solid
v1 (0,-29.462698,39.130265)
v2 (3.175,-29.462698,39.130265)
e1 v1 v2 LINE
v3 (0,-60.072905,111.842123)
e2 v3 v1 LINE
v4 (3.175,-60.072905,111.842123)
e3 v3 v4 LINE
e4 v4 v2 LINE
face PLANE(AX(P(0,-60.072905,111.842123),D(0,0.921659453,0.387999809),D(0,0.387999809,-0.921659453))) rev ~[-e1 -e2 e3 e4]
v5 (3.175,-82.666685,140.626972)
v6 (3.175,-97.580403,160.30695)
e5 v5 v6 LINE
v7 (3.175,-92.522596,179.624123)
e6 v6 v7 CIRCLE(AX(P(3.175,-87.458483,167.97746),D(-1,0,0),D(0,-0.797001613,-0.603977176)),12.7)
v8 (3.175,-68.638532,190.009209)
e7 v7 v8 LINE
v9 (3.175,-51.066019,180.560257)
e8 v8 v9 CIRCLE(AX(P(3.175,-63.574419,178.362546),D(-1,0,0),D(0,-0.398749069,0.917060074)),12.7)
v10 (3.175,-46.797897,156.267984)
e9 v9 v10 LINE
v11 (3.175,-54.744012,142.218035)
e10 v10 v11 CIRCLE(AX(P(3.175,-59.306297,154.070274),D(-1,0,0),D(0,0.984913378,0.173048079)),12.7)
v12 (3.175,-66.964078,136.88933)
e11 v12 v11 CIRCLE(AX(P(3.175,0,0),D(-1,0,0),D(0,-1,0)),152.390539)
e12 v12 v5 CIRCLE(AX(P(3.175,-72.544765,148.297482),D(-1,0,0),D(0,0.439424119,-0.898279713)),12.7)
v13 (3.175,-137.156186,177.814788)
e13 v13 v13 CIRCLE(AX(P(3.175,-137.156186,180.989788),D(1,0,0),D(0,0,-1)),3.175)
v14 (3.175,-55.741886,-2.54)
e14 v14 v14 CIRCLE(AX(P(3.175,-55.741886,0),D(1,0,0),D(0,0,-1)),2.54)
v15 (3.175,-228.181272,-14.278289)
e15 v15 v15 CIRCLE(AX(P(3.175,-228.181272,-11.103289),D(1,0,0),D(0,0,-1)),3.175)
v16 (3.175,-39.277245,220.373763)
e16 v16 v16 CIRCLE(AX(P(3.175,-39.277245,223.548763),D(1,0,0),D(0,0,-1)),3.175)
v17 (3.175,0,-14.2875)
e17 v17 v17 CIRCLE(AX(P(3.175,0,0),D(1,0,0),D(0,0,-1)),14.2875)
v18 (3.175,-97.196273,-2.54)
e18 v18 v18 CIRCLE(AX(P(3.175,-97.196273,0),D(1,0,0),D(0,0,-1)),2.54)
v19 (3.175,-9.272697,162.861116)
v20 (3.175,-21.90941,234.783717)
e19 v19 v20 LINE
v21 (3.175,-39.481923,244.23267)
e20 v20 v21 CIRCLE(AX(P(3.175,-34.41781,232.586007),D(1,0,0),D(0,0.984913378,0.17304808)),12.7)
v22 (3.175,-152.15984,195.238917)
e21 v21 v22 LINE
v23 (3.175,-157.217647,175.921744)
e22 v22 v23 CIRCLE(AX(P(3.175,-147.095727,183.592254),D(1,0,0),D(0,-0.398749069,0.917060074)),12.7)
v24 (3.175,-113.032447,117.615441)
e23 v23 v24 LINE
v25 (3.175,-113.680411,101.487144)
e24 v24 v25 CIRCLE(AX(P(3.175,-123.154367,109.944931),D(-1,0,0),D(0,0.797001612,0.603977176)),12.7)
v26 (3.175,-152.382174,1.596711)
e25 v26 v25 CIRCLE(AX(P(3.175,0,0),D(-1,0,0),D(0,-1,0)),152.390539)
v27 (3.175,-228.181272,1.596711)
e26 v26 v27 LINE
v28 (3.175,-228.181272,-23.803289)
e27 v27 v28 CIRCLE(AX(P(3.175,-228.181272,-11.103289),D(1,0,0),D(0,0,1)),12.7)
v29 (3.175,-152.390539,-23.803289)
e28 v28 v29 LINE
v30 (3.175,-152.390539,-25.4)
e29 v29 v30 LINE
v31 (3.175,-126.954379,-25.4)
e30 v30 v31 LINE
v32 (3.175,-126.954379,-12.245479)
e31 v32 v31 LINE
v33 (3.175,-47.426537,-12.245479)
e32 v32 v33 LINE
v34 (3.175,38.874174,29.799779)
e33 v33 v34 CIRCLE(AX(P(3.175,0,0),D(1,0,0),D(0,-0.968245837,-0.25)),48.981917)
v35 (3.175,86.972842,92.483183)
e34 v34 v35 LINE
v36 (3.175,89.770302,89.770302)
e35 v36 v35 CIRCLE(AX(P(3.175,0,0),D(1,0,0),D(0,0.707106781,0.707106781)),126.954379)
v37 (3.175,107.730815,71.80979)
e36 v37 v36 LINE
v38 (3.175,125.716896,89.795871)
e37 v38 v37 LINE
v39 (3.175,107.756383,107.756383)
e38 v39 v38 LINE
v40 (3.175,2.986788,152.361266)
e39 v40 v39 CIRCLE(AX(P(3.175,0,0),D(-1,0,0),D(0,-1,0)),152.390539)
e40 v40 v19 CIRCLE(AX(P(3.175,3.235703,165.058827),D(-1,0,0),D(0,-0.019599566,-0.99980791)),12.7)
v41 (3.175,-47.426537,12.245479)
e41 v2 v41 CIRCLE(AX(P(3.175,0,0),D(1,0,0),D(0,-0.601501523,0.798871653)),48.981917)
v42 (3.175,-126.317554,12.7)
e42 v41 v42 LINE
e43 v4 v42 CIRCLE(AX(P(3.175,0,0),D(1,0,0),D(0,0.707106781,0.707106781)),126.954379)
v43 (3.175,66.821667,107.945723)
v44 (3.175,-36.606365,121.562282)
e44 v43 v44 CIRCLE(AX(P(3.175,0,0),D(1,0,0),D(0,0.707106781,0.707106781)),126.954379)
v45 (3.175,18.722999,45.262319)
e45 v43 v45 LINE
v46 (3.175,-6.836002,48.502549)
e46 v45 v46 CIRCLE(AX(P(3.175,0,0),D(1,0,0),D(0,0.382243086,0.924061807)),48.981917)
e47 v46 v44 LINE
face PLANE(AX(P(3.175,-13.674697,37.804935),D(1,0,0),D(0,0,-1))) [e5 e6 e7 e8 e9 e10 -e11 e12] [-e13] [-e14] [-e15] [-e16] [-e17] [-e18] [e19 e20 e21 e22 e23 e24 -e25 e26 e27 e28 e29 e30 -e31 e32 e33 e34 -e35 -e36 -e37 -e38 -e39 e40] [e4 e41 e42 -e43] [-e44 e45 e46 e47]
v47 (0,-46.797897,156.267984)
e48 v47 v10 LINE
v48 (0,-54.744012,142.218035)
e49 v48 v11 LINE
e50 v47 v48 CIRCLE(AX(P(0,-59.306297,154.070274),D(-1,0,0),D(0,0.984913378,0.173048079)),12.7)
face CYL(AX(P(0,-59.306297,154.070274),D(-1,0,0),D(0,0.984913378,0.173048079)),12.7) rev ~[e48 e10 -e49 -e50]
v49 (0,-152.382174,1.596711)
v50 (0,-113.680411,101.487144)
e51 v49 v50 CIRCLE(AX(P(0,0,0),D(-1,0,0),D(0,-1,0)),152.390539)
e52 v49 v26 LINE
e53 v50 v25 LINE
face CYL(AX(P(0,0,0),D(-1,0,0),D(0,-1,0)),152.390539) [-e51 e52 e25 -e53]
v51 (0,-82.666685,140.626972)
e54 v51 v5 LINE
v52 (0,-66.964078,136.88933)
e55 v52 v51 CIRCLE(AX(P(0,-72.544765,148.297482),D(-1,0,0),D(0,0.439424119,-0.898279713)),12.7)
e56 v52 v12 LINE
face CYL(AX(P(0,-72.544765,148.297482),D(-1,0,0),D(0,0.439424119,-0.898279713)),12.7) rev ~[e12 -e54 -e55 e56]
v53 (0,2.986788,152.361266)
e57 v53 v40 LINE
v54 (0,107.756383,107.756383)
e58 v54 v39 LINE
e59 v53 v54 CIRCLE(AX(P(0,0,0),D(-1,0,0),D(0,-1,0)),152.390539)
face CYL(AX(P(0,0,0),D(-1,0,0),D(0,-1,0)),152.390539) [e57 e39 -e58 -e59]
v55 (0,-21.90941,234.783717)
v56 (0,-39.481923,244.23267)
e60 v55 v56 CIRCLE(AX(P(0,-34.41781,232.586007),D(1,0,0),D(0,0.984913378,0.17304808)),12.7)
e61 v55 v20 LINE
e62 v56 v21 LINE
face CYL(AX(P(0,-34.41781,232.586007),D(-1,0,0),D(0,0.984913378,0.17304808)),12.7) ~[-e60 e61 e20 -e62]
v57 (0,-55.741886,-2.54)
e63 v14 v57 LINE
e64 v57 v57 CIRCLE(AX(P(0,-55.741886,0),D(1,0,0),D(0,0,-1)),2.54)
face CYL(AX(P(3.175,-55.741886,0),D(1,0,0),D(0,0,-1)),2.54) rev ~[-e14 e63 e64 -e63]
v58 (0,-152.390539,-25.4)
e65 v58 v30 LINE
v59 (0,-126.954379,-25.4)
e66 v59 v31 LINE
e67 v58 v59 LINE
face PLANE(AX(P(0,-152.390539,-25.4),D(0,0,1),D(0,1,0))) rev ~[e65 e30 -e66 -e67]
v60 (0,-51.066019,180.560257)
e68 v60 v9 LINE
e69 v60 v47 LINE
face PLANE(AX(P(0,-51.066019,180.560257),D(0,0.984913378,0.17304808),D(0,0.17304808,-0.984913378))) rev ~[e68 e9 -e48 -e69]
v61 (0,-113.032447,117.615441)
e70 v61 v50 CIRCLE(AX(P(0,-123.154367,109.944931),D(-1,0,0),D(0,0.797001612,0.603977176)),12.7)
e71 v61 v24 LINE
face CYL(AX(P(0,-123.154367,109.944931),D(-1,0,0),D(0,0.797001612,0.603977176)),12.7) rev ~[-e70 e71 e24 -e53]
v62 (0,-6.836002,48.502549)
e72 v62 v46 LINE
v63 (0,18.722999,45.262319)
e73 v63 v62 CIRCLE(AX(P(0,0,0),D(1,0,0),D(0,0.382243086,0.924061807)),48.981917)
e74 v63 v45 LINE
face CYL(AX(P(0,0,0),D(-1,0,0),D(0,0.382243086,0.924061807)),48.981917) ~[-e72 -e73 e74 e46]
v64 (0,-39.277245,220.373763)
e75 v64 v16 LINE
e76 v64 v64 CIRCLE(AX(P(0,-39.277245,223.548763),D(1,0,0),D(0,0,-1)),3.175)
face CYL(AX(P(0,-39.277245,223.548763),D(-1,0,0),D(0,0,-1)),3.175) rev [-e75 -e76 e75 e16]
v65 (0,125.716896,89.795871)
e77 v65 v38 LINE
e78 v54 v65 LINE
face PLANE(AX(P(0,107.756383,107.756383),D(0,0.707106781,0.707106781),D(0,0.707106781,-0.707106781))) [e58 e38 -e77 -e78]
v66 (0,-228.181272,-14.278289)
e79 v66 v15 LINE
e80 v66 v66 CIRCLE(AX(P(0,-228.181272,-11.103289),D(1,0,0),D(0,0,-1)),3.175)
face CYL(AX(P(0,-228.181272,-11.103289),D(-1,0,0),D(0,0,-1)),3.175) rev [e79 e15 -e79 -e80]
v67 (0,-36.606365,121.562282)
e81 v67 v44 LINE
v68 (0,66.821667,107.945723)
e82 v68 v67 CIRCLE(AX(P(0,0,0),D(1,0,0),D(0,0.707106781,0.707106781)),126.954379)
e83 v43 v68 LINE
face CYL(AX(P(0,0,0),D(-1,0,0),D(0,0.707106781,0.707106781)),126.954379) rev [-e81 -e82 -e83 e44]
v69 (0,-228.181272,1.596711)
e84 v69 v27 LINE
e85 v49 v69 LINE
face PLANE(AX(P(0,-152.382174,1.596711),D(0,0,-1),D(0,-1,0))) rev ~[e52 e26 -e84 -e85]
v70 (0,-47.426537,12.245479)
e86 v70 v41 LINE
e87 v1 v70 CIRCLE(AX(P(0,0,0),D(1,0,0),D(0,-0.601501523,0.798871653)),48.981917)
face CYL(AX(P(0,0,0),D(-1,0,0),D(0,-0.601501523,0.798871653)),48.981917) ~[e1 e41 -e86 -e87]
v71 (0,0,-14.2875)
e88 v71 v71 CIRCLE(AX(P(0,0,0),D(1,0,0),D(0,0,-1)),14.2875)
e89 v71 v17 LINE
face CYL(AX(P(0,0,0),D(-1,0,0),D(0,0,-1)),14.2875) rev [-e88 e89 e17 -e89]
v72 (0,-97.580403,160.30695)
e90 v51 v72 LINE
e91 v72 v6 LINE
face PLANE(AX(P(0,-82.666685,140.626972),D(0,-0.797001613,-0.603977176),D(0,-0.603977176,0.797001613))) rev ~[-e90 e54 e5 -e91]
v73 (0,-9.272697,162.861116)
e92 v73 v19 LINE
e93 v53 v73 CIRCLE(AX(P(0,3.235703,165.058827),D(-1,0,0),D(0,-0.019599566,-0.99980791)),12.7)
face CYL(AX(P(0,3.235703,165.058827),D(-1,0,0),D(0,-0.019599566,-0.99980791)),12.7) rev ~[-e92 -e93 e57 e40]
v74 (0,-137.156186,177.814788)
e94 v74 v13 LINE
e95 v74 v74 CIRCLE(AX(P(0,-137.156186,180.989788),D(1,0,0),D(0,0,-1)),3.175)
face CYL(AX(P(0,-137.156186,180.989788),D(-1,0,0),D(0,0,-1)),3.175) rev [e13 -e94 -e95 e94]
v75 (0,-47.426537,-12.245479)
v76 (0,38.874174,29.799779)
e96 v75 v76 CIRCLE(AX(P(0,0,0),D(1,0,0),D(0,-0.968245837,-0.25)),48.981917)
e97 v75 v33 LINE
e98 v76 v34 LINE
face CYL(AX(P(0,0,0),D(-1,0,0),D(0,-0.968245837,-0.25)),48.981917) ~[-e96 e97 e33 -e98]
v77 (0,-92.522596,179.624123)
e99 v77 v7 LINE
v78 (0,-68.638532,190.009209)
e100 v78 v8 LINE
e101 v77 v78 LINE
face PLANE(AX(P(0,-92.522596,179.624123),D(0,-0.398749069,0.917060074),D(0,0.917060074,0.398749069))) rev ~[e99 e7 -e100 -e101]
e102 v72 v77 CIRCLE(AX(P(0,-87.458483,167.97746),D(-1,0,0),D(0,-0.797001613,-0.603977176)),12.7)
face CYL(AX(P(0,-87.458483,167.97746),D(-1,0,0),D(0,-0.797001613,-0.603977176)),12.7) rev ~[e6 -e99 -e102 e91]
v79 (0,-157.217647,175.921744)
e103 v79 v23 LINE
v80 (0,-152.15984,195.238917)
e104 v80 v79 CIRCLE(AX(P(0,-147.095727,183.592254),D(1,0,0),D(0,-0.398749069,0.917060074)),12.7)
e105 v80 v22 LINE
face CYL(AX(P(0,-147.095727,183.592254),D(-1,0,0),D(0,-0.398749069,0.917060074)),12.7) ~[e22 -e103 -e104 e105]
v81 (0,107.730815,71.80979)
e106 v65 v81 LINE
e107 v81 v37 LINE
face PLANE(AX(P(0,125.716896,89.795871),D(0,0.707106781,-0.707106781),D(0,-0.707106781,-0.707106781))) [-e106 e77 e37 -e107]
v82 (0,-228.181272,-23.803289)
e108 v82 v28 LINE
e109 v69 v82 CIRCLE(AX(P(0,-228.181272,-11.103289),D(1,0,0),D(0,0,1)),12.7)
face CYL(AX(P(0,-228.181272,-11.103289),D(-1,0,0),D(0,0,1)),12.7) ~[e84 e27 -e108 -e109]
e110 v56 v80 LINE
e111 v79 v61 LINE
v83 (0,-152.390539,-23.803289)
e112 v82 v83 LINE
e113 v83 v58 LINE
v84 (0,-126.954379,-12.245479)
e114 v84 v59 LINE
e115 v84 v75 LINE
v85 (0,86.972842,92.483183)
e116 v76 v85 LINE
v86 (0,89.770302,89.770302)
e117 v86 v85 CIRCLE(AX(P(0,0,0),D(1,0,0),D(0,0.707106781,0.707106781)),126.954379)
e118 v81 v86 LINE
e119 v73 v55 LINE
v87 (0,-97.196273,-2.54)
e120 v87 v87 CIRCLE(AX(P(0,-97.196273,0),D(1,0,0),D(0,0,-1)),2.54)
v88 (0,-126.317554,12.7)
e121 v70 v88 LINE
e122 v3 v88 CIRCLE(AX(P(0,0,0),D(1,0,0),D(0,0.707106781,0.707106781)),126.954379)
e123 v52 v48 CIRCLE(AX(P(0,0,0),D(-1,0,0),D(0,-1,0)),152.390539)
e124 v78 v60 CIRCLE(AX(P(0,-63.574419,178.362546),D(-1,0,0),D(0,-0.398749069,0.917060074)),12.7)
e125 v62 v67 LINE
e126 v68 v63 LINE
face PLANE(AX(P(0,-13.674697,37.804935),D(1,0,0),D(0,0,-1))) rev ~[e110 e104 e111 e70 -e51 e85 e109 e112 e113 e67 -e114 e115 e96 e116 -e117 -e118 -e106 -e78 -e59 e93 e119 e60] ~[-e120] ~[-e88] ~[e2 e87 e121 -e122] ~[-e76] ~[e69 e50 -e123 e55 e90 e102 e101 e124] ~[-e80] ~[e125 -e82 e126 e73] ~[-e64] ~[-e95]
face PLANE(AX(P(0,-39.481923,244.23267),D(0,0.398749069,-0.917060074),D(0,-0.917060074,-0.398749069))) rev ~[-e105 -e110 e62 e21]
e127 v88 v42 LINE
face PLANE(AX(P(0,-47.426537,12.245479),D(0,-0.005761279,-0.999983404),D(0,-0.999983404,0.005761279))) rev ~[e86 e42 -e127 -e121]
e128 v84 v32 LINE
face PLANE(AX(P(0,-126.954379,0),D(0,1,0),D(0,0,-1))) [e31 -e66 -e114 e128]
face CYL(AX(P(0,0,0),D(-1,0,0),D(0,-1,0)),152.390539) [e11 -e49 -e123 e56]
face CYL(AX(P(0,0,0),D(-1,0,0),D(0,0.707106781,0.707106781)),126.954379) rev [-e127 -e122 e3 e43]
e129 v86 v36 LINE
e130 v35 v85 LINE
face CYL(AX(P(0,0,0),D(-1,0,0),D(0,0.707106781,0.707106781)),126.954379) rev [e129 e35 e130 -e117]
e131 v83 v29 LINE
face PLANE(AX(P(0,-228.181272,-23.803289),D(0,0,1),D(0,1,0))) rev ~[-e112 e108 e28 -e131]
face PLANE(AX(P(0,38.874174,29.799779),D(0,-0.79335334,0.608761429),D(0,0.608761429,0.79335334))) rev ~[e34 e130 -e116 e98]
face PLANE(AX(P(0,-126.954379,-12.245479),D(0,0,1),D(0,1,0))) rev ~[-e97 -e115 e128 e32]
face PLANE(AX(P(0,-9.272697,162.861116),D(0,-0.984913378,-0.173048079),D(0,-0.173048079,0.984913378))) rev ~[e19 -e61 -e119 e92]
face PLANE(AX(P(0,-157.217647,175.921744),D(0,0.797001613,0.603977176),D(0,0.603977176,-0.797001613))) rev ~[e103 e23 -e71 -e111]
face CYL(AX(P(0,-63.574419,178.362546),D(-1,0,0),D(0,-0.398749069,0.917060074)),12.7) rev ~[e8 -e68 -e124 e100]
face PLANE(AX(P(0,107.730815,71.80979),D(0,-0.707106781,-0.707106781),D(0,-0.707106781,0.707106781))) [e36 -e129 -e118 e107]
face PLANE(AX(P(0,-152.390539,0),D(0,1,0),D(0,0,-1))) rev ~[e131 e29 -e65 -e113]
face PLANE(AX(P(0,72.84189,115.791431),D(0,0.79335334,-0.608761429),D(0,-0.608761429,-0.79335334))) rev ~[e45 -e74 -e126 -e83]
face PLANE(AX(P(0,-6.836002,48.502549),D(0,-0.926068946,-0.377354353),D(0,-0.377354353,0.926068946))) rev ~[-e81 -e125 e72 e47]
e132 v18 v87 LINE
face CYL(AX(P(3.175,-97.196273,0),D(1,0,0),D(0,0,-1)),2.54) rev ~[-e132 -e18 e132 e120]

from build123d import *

# Parameters (mm, degrees)
BOSS_EXTRUDE2_DEPTH = 3.175
SKETCH11_W          = 25.4
SKETCH11_H          = 25.436159883
BOSS_EXTRUDE4_DEPTH = 3.175
SKETCH12_R          = 3.175
BOSS_EXTRUDE5_DEPTH = 3.175
SKETCH13_R          = 3.175
BOSS_EXTRUDE6_DEPTH = 3.175
SKETCH14_R          = 14.2875
BOSS_EXTRUDE7_DEPTH = 3.175
SKETCH15_R          = 3.175
SKETCH15_R_2        = 2.54
CUT_EXTRUDE1_DEPTH  = 4.175


with BuildPart() as part:
    # Sketch9 → Boss-Extrude2 (new body)
    with BuildSketch(Plane(origin=(0, 0, 0), x_dir=(0, 0, -1), z_dir=(1, 0, 0))):
        with BuildLine():
            Line((0, -126.954378983), (0, -152.390538866))
            ThreePointArc((0, -152.390538866), (-140.790499807, -58.317334473), (-107.756383421, 107.756383421))
            Line((-107.756383421, 107.756383421), (-89.795871179, 125.716895663))
            Line((-89.795871179, 125.716895663), (-71.809790038, 107.730814523))
            Line((-71.809790038, 107.730814523), (-89.770302281, 89.770302281))
            ThreePointArc((-89.770302281, 89.770302281), (-117.290552306, -48.583337503), (0, -126.954378983))
        make_face()
    extrude(amount=BOSS_EXTRUDE2_DEPTH)

    # Sketch11 → Boss-Extrude4 (add)
    with BuildSketch(Plane(origin=(0, 0, 0), x_dir=(0, 0, -1), z_dir=(1, 0, 0))):
        with Locations((12.7, -139.672458925)):
            Rectangle(SKETCH11_W, SKETCH11_H)
    extrude(amount=BOSS_EXTRUDE4_DEPTH)

    # Sketch12 → Boss-Extrude5 (add)
    with BuildSketch(Plane(origin=(0, 0, 0), x_dir=(0, 0, -1), z_dir=(1, 0, 0))):
        with BuildLine():
            ThreePointArc((-1.596710848, -228.181271676), (11.103289152, -240.881271676), (23.803289152, -228.181271676))
            Line((23.803289152, -228.181271676), (23.803289152, -152.390538866))
            Line((23.803289152, -152.390538866), (0, -152.390538866))
            ThreePointArc((0, -152.390538866), (-0.79836638, -152.388447551), (-1.596710848, -152.382173664))
            Line((-1.596710848, -152.382173664), (-1.596710848, -228.181271676))
        make_face()
        with Locations((11.103289152, -228.181271676)):
            Circle(SKETCH12_R, mode=Mode.SUBTRACT)
    extrude(amount=BOSS_EXTRUDE5_DEPTH)

    # Sketch13 → Boss-Extrude6 (add)
    with BuildSketch(Plane(origin=(0, 0, 0), x_dir=(0, 0, -1), z_dir=(1, 0, 0))):
        with BuildLine():
            Line((-175.921744047, -157.217647079), (-117.615441364, -113.032446562))
            ThreePointArc((-117.615441364, -113.032446562), (-109.43511183, -110.464604073), (-101.487144145, -113.680411283))
            ThreePointArc((-101.487144145, -113.680411283), (-121.45550521, -92.040407377), (-136.889329567, -66.964078331))
            ThreePointArc((-136.889329567, -66.964078331), (-135.942652679, -75.485545881), (-140.626971786, -82.666685125))
            Line((-140.626971786, -82.666685125), (-160.306949591, -97.58040329))
            ThreePointArc((-160.306949591, -97.58040329), (-171.19425961, -99.744336405), (-179.624122676, -92.522595986))
            Line((-179.624122676, -92.522595986), (-190.009209059, -68.638532465))
            ThreePointArc((-190.009209059, -68.638532465), (-189.548026602, -57.559851452), (-180.560256724, -51.066019389))
            Line((-180.560256724, -51.066019389), (-156.267984197, -46.797896728))
            ThreePointArc((-156.267984197, -46.797896728), (-147.818260582, -48.251780205), (-142.218034883, -54.744012368))
            ThreePointArc((-142.218034883, -54.744012368), (-150.091480412, -26.370890083), (-152.361266177, 2.986788389))
            ThreePointArc((-152.361266177, 2.986788389), (-155.413049284, -5.02559117), (-162.861116025, -9.272697026))
            Line((-162.861116025, -9.272697026), (-234.783717211, -21.90941035))
            ThreePointArc((-234.783717211, -21.90941035), (-243.771487088, -28.403242413), (-244.232669546, -39.481923426))
            Line((-244.232669546, -39.481923426), (-195.238917132, -152.159839775))
            ThreePointArc((-195.238917132, -152.159839775), (-186.809054067, -159.381580194), (-175.921744047, -157.217647079))
        make_face()
        with Locations((-180.989788445, -137.156185968)):
            Circle(SKETCH13_R, mode=Mode.SUBTRACT)
        with Locations((-223.548763187, -39.27724509)):
            Circle(SKETCH13_R, mode=Mode.SUBTRACT)
    extrude(amount=BOSS_EXTRUDE6_DEPTH)

    # Sketch14 → Boss-Extrude7 (add)
    with BuildSketch(Plane(origin=(0, 0, 0), x_dir=(0, 0, -1), z_dir=(1, 0, 0))):
        with BuildLine():
            Line((-29.799778624, 38.874174032), (-100.328890576, 92.993065071))
            Line((-100.328890576, 92.993065071), (-115.791430873, 72.841890227))
            Line((-115.791430873, 72.841890227), (-45.262318921, 18.722999189))
            ThreePointArc((-45.262318921, 18.722999189), (-48.592985775, 6.160352763), (-48.502549248, -6.836002425))
            Line((-48.502549248, -6.836002425), (-121.562281943, -36.60636491))
            ThreePointArc((-121.562281943, -36.60636491), (-117.290552306, -48.583337503), (-111.842122761, -60.072905036))
            Line((-111.842122761, -60.072905036), (-39.130265149, -29.462697807))
            ThreePointArc((-39.130265149, -29.462697807), (-27.212895153, -40.726975705), (-12.2454793, -47.426537396))
            Line((-12.2454793, -47.426537396), (-12.7, -126.317553583))
            ThreePointArc((-12.7, -126.317553583), (-6.357978189, -126.795072682), (0, -126.954378983))
            Line((0, -126.954378983), (12.2454793, -126.954378983))
            Line((12.2454793, -126.954378983), (12.2454793, -47.426537396))
            ThreePointArc((12.2454793, -47.426537396), (44.033981815, 21.453127004), (-29.799778624, 38.874174032))
        make_face()
        Circle(SKETCH14_R, mode=Mode.SUBTRACT)
    extrude(amount=BOSS_EXTRUDE7_DEPTH)

    # Sketch15 → Cut-Extrude1 (cut, through all)
    with BuildSketch(Plane(origin=(3.175, 0, 0), x_dir=(0, 0, -1), z_dir=(1, 0, 0))):
        with Locations((11.103289152, -228.181271676)):
            Circle(SKETCH15_R)
        with Locations((0, -55.741886393)):
            Circle(SKETCH15_R_2)
        with Locations((0, -97.196272786)):
            Circle(SKETCH15_R_2)
    extrude(amount=-CUT_EXTRUDE1_DEPTH, mode=Mode.SUBTRACT)


solid = part.part
